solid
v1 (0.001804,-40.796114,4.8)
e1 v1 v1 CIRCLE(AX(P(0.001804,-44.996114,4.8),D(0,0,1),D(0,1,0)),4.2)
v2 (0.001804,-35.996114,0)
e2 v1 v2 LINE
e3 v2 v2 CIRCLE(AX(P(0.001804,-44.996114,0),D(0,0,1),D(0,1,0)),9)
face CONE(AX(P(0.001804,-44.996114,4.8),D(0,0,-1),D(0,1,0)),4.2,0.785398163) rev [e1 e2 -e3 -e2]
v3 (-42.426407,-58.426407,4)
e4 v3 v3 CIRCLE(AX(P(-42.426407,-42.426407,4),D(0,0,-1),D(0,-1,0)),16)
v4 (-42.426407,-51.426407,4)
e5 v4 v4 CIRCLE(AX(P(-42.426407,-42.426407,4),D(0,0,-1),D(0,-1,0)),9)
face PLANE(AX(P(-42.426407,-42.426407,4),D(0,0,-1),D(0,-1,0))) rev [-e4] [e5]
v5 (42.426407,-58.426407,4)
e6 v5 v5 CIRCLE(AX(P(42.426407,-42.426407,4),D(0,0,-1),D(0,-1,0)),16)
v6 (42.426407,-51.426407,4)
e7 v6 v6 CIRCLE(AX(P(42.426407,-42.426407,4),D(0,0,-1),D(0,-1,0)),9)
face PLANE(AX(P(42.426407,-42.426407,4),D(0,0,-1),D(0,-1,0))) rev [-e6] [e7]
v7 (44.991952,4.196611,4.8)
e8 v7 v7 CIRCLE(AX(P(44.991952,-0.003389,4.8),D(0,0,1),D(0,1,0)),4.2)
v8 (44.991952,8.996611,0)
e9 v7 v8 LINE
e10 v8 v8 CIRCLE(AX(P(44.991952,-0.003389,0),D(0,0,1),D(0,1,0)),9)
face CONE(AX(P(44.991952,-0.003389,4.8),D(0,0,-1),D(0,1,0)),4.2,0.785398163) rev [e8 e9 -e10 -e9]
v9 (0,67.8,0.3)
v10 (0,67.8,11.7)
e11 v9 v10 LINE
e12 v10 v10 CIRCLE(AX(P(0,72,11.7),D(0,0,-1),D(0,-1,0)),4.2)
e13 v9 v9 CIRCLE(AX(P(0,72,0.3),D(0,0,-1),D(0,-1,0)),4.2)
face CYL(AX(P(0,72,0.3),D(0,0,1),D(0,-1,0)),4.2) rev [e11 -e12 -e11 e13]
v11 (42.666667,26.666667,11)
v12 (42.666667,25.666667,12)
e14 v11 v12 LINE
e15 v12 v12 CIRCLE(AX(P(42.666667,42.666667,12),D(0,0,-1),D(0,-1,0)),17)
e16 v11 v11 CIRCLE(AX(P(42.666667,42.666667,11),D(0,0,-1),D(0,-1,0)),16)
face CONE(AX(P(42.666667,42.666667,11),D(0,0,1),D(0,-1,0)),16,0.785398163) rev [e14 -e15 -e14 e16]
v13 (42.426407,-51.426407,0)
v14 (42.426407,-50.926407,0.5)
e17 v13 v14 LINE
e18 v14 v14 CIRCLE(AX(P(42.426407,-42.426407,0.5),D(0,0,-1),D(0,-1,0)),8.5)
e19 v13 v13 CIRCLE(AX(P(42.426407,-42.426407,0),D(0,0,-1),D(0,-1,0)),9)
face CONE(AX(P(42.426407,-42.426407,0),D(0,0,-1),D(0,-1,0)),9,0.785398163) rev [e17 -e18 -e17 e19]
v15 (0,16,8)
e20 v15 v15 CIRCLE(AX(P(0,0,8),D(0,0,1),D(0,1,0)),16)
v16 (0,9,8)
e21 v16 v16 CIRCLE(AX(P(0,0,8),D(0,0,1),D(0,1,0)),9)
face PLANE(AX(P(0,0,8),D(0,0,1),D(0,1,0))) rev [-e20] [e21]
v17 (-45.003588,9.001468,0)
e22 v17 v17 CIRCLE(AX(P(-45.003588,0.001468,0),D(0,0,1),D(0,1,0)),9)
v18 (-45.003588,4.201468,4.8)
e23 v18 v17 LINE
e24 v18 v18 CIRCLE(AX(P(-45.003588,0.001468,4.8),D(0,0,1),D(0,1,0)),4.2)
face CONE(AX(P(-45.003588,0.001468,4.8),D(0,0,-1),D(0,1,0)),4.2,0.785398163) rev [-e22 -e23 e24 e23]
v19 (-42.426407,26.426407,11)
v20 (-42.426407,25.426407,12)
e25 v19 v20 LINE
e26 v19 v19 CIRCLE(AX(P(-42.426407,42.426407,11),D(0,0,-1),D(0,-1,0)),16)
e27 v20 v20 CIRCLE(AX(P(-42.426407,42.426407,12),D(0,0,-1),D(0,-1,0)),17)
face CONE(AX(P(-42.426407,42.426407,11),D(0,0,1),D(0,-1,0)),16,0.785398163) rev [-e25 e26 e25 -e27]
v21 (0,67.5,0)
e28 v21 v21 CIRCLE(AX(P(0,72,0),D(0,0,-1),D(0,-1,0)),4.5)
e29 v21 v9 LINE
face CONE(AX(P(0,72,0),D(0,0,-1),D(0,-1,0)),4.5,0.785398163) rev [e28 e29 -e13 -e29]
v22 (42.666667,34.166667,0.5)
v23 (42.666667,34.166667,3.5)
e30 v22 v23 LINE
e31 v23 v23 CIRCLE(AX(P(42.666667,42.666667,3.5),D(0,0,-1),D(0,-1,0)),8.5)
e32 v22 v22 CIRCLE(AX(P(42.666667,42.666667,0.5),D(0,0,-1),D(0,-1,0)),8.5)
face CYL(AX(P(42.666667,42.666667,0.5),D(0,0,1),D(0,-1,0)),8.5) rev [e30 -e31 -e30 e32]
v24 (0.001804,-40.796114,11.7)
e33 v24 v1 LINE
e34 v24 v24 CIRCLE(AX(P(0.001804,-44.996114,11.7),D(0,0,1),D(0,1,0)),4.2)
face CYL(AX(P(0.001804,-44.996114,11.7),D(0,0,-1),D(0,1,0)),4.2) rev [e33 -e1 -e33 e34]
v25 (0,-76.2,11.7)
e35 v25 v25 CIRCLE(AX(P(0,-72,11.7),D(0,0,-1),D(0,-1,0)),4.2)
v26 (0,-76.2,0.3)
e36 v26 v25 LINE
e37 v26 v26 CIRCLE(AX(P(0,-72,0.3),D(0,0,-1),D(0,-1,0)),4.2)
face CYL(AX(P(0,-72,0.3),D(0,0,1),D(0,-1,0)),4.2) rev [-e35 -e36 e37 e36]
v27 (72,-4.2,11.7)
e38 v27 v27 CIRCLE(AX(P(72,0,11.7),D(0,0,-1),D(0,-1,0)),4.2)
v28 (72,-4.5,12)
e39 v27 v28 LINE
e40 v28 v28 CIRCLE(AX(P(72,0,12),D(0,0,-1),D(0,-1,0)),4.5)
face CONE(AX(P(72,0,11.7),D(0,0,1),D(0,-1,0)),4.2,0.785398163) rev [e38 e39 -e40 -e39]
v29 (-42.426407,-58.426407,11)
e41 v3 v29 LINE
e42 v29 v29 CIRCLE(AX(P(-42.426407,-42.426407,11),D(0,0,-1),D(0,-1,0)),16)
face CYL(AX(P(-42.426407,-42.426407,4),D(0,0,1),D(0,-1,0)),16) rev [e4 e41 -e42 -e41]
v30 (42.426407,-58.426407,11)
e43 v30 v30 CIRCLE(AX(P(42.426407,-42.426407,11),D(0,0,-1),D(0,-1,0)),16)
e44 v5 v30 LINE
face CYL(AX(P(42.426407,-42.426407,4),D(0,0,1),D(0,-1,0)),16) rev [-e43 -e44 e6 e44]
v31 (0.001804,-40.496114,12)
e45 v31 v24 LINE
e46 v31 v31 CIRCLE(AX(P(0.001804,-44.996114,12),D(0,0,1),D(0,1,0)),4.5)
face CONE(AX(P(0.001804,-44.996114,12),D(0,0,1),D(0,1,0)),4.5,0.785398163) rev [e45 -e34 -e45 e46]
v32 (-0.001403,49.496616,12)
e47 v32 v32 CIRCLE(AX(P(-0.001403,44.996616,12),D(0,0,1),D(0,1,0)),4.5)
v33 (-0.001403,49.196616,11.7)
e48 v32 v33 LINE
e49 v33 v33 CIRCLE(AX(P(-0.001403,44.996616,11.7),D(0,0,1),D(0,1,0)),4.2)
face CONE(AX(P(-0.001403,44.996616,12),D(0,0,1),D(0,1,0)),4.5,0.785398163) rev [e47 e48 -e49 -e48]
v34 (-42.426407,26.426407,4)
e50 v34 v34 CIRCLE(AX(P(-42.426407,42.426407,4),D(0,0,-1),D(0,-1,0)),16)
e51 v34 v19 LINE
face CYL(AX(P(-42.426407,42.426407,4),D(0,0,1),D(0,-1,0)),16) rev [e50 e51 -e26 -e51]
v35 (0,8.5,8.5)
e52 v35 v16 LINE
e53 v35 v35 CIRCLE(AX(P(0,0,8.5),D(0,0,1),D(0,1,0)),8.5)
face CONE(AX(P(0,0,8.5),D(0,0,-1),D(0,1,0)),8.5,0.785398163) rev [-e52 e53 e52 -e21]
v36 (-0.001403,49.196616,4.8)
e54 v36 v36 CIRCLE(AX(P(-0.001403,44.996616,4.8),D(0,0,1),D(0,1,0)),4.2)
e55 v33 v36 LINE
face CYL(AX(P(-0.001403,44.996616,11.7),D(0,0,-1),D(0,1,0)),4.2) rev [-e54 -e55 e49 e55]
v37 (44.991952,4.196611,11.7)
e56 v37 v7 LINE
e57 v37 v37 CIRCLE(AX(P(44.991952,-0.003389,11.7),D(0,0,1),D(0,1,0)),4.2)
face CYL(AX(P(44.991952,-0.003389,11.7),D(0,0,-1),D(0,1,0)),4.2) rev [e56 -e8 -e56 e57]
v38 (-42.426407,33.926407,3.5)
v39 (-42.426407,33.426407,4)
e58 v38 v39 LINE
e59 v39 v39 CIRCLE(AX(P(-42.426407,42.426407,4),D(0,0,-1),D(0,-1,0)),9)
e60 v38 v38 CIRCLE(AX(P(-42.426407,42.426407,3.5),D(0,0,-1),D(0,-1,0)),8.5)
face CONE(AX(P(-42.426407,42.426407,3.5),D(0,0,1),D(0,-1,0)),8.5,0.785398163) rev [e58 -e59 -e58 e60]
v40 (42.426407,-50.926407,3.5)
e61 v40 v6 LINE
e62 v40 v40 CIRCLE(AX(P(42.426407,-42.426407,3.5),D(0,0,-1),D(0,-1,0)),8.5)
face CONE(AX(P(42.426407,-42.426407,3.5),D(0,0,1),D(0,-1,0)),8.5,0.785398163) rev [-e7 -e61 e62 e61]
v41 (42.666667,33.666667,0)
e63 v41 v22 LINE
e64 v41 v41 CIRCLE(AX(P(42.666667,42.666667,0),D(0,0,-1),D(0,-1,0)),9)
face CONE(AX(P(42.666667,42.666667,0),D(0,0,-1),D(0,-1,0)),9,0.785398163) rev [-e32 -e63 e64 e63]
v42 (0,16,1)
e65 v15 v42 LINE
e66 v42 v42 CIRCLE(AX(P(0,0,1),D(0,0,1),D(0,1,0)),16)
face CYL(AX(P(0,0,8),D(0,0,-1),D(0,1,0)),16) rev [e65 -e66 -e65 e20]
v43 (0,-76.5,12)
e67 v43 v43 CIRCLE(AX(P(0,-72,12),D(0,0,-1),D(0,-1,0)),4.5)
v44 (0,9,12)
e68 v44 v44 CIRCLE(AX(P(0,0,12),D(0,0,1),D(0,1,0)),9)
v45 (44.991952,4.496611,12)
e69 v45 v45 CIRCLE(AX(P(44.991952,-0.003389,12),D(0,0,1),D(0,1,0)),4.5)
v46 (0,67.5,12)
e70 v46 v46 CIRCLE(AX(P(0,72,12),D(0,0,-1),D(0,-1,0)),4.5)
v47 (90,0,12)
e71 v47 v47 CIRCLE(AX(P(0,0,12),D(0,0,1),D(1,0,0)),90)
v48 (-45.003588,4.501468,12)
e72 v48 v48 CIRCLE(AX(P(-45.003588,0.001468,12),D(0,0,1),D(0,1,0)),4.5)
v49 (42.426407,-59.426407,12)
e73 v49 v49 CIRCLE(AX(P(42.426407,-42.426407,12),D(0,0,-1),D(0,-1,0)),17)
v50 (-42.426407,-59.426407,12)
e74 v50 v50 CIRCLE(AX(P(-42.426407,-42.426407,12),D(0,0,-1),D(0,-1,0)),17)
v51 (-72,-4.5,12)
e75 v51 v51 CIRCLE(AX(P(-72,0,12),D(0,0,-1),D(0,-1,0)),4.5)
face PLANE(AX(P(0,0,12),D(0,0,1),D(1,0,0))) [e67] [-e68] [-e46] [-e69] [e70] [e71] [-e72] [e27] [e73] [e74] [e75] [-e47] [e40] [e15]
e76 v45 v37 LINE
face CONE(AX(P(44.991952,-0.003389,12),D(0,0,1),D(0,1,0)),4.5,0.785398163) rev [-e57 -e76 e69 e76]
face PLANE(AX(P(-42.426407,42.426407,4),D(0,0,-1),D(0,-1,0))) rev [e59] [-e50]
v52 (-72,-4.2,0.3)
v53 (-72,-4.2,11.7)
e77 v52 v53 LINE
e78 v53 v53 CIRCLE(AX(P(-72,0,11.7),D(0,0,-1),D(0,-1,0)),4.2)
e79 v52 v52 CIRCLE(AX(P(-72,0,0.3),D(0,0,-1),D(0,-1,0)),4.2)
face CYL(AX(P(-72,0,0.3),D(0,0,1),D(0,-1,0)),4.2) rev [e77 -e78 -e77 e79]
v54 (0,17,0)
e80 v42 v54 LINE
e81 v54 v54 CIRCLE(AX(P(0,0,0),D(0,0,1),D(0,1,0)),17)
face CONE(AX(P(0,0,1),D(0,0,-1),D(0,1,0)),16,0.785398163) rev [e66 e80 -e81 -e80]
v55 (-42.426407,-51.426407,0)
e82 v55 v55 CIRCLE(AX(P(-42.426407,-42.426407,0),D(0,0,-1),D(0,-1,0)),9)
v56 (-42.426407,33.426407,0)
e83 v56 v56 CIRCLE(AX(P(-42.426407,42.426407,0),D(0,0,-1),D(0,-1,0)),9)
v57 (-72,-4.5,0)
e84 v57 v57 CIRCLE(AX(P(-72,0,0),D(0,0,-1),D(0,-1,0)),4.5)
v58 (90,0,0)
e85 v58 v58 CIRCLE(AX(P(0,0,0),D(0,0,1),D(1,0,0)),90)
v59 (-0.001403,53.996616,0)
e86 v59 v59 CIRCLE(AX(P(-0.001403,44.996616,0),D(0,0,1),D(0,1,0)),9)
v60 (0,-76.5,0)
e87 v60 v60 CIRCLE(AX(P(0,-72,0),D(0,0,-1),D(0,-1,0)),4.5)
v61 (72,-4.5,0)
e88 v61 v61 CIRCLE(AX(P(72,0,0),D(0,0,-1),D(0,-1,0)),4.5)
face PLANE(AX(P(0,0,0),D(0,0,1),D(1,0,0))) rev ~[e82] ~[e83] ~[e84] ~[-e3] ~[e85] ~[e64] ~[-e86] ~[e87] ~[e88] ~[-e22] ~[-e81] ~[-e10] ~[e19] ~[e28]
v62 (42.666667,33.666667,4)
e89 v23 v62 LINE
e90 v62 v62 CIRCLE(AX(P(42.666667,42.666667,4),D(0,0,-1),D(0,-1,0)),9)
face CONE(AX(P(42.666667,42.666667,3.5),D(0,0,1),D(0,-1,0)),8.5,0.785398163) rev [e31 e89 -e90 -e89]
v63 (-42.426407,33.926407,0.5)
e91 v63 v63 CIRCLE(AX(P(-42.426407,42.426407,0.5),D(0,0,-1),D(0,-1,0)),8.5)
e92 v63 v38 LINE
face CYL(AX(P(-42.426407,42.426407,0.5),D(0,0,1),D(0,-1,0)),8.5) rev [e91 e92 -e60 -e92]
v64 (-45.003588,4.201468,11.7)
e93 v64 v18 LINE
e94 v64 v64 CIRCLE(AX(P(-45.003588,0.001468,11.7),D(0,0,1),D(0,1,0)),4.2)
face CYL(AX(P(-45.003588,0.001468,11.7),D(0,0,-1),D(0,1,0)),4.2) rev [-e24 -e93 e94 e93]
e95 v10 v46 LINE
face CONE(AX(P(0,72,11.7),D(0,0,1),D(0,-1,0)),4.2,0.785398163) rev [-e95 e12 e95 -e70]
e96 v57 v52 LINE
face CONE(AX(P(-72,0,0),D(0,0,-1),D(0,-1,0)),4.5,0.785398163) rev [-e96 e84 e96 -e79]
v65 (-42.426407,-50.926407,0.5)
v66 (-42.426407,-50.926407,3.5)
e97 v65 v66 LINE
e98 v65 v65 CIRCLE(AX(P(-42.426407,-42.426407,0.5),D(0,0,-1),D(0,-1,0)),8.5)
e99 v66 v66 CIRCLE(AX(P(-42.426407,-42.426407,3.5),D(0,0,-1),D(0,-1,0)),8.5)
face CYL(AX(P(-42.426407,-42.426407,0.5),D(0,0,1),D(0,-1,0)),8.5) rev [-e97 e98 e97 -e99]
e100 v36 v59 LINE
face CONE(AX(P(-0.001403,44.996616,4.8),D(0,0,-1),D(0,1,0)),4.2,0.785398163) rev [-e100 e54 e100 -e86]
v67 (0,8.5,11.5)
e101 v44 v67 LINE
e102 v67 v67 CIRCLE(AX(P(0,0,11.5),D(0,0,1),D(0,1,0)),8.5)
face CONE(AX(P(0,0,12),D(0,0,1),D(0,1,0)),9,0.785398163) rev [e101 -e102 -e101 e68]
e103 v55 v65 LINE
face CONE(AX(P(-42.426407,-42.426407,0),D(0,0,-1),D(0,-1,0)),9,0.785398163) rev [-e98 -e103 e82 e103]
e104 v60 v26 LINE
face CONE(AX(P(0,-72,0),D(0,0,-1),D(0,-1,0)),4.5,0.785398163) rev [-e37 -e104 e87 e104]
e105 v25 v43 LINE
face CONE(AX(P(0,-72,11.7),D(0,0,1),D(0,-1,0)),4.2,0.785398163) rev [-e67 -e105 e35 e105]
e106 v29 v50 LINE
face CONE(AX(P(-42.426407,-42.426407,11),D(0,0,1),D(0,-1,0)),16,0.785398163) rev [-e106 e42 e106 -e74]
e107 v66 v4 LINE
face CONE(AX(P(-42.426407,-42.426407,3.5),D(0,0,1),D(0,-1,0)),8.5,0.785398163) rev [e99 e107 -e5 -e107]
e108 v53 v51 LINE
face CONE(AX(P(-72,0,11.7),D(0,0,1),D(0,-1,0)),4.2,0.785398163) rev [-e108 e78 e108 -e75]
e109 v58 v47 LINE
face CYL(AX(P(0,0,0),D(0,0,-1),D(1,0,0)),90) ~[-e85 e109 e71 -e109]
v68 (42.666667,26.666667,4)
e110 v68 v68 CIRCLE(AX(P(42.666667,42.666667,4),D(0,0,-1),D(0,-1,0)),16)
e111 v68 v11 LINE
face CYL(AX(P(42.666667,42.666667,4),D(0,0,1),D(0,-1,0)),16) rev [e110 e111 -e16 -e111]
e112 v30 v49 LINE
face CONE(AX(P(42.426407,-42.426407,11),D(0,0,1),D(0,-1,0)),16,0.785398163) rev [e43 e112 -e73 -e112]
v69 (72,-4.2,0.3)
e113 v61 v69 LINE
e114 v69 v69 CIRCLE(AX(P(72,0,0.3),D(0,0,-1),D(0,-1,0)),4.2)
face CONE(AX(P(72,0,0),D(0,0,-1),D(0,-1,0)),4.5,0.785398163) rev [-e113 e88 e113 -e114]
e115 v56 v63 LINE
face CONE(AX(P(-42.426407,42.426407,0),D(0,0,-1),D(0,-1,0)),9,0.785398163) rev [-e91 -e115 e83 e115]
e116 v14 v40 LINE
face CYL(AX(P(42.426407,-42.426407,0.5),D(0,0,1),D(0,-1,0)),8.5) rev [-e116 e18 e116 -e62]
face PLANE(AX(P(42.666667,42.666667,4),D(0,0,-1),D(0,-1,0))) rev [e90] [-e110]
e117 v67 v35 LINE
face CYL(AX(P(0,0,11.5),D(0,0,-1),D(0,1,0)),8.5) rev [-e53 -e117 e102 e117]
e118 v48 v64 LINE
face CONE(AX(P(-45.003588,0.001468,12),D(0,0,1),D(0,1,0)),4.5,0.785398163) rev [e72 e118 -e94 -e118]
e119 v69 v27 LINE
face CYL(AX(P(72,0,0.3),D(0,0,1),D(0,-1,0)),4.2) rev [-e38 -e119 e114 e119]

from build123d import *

# Parameters (mm, degrees)
SKETCH1_R                                      = 90
BOSS_EXTRUDE1_DEPTH                            = 12
CBORE_FOR_M5_HEX_HEAD_BOLT1_AT_2_COUNT         = 2
CBORE_FOR_M5_HEX_HEAD_BOLT1_AT_2_PITCH         = 85.093412723
CBORE_FOR_M5_HEX_HEAD_BOLT1_AT_3_COUNT         = 2
CBORE_FOR_M5_HEX_HEAD_BOLT1_AT_3_PITCH         = 120.339778661
CBORE_FOR_M5_HEX_HEAD_BOLT1_AT_4_COUNT         = 2
CBORE_FOR_M5_HEX_HEAD_BOLT1_AT_4_PITCH         = 85.093412723
CSK_FOR_M5_FLAT_HEAD_MACHINE_SCREW1_AT_2_COUNT = 2
CSK_FOR_M5_FLAT_HEAD_MACHINE_SCREW1_AT_2_PITCH = 63.63491592
CSK_FOR_M5_FLAT_HEAD_MACHINE_SCREW1_AT_3_COUNT = 2
CSK_FOR_M5_FLAT_HEAD_MACHINE_SCREW1_AT_3_PITCH = 89.995540664
CSK_FOR_M5_FLAT_HEAD_MACHINE_SCREW1_AT_4_COUNT = 2
CSK_FOR_M5_FLAT_HEAD_MACHINE_SCREW1_AT_4_PITCH = 63.627500237
CSK_FOR_M5_FLAT_HEAD_MACHINE_SCREW2_AT_2_COUNT = 2
CSK_FOR_M5_FLAT_HEAD_MACHINE_SCREW2_AT_2_PITCH = 101.823376491
CSK_FOR_M5_FLAT_HEAD_MACHINE_SCREW2_AT_3_COUNT = 2
CSK_FOR_M5_FLAT_HEAD_MACHINE_SCREW2_AT_3_PITCH = 144
CSK_FOR_M5_FLAT_HEAD_MACHINE_SCREW2_AT_4_COUNT = 2
CSK_FOR_M5_FLAT_HEAD_MACHINE_SCREW2_AT_4_PITCH = 101.823376491


with BuildPart() as part:
    # Sketch1 → Boss-Extrude1 (new body)
    with BuildSketch(Plane.XY):
        Circle(SKETCH1_R)
    extrude(amount=BOSS_EXTRUDE1_DEPTH)

    # Sketch4 → CBORE for M5 Hex Head Bolt1 (revolve, cut)
    with BuildSketch(Plane(origin=(42.666666667, 42.666666667, 12), x_dir=(0, -1, 0), z_dir=(1, 0, 0))):
        Polygon((0, 0), (0, 12), (9, 12), (8.5, 11.5), (8.5, 8.5), (9, 8), (16, 8), (16, 1), (17, 0), align=None)
    cbore_for_m5_hex_head_bolt1 = revolve(axis=Axis((42.666666667, 42.666666667, 18.35), (0, 0, -1)), mode=Mode.SUBTRACT)

    # CBORE for M5 Hex Head Bolt1 at 2: CBORE for M5 Hex Head Bolt1 ×2
    with Locations(*[Vector(-0.0028234828970208348, -0.9999960139642209, 0) * (i * CBORE_FOR_M5_HEX_HEAD_BOLT1_AT_2_PITCH) for i in range(1, CBORE_FOR_M5_HEX_HEAD_BOLT1_AT_2_COUNT)]):
        add(cbore_for_m5_hex_head_bolt1, mode=Mode.SUBTRACT)

    # CBORE for M5 Hex Head Bolt1 at 3: CBORE for M5 Hex Head Bolt1 ×2
    with Locations(*[Vector(-0.7071067811865486, -0.7071067811865465, 0) * (i * CBORE_FOR_M5_HEX_HEAD_BOLT1_AT_3_PITCH) for i in range(1, CBORE_FOR_M5_HEX_HEAD_BOLT1_AT_3_COUNT)]):
        add(cbore_for_m5_hex_head_bolt1, mode=Mode.SUBTRACT)

    # CBORE for M5 Hex Head Bolt1 at 4: CBORE for M5 Hex Head Bolt1 ×2
    with Locations(*[Vector(-0.9999960139642209, -0.002823482897031568, 0) * (i * CBORE_FOR_M5_HEX_HEAD_BOLT1_AT_4_PITCH) for i in range(1, CBORE_FOR_M5_HEX_HEAD_BOLT1_AT_4_COUNT)]):
        add(cbore_for_m5_hex_head_bolt1, mode=Mode.SUBTRACT)

    # Sketch5 → CBORE for M5 Hex Head Bolt2 (revolve, cut)
    with BuildSketch(Plane.YZ):
        Polygon((0, 0), (0, 12), (9, 12), (8.5, 11.5), (8.5, 8.5), (9, 8), (16, 8), (16, 1), (17, 0), align=None)
    revolve(axis=Axis((0, 0, -6.35), (0, 0, 1)), mode=Mode.SUBTRACT)

    # Sketch6 → CSK for M5 Flat Head Machine Screw1 (revolve, cut)
    with BuildSketch(Plane(origin=(44.991952442, -0.003388792, 0), x_dir=(0, 1, 0), z_dir=(1, 0, 0))):
        Polygon((0, 0), (0, 12), (4.5, 12), (4.2, 11.7), (4.2, 4.8), (9, 0), align=None)
    csk_for_m5_flat_head_machine_screw1 = revolve(axis=Axis((44.991952442, -0.003388792, -6.35), (0, 0, 1)), mode=Mode.SUBTRACT)

    # CSK for M5 Flat Head Machine Screw1 at 2: CSK for M5 Flat Head Machine Screw1 ×2
    with Locations(*[Vector(-0.7070545332830015, 0.7071590252297972, 0) * (i * CSK_FOR_M5_FLAT_HEAD_MACHINE_SCREW1_AT_2_PITCH) for i in range(1, CSK_FOR_M5_FLAT_HEAD_MACHINE_SCREW1_AT_2_COUNT)]):
        add(csk_for_m5_flat_head_machine_screw1, mode=Mode.SUBTRACT)

    # CSK for M5 Flat Head Machine Screw1 at 3: CSK for M5 Flat Head Machine Screw1 ×2
    with Locations(*[Vector(-0.9999999985437752, 5.396711723824618e-05, 0) * (i * CSK_FOR_M5_FLAT_HEAD_MACHINE_SCREW1_AT_3_PITCH) for i in range(1, CSK_FOR_M5_FLAT_HEAD_MACHINE_SCREW1_AT_3_COUNT)]):
        add(csk_for_m5_flat_head_machine_screw1, mode=Mode.SUBTRACT)

    # CSK for M5 Flat Head Machine Screw1 at 4: CSK for M5 Flat Head Machine Screw1 ×2
    with Locations(*[Vector(-0.707086531592279, -0.7071270302009401, 0) * (i * CSK_FOR_M5_FLAT_HEAD_MACHINE_SCREW1_AT_4_PITCH) for i in range(1, CSK_FOR_M5_FLAT_HEAD_MACHINE_SCREW1_AT_4_COUNT)]):
        add(csk_for_m5_flat_head_machine_screw1, mode=Mode.SUBTRACT)

    # Sketch8 → CSK for M5 Flat Head Machine Screw2 (revolve, cut)
    with BuildSketch(Plane(origin=(-72, 0, 12), x_dir=(0, -1, 0), z_dir=(1, 0, 0))):
        Polygon((0, 0), (0, 12), (4.5, 12), (4.2, 11.7), (4.2, 0.3), (4.5, 0), align=None)
    csk_for_m5_flat_head_machine_screw2 = revolve(axis=Axis((-72, 0, 18.35), (0, 0, -1)), mode=Mode.SUBTRACT)

    # CSK for M5 Flat Head Machine Screw2 at 2: CSK for M5 Flat Head Machine Screw2 ×2
    with Locations(*[Vector(0.7071067811865477, 0.7071067811865474, 0) * (i * CSK_FOR_M5_FLAT_HEAD_MACHINE_SCREW2_AT_2_PITCH) for i in range(1, CSK_FOR_M5_FLAT_HEAD_MACHINE_SCREW2_AT_2_COUNT)]):
        add(csk_for_m5_flat_head_machine_screw2, mode=Mode.SUBTRACT)

    # CSK for M5 Flat Head Machine Screw2 at 3: CSK for M5 Flat Head Machine Screw2 ×2
    with Locations(*[(i * CSK_FOR_M5_FLAT_HEAD_MACHINE_SCREW2_AT_3_PITCH, 0, 0) for i in range(1, CSK_FOR_M5_FLAT_HEAD_MACHINE_SCREW2_AT_3_COUNT)]):
        add(csk_for_m5_flat_head_machine_screw2, mode=Mode.SUBTRACT)

    # CSK for M5 Flat Head Machine Screw2 at 4: CSK for M5 Flat Head Machine Screw2 ×2
    with Locations(*[Vector(0.7071067811865475, -0.7071067811865476, 0) * (i * CSK_FOR_M5_FLAT_HEAD_MACHINE_SCREW2_AT_4_PITCH) for i in range(1, CSK_FOR_M5_FLAT_HEAD_MACHINE_SCREW2_AT_4_COUNT)]):
        add(csk_for_m5_flat_head_machine_screw2, mode=Mode.SUBTRACT)


solid = part.part
